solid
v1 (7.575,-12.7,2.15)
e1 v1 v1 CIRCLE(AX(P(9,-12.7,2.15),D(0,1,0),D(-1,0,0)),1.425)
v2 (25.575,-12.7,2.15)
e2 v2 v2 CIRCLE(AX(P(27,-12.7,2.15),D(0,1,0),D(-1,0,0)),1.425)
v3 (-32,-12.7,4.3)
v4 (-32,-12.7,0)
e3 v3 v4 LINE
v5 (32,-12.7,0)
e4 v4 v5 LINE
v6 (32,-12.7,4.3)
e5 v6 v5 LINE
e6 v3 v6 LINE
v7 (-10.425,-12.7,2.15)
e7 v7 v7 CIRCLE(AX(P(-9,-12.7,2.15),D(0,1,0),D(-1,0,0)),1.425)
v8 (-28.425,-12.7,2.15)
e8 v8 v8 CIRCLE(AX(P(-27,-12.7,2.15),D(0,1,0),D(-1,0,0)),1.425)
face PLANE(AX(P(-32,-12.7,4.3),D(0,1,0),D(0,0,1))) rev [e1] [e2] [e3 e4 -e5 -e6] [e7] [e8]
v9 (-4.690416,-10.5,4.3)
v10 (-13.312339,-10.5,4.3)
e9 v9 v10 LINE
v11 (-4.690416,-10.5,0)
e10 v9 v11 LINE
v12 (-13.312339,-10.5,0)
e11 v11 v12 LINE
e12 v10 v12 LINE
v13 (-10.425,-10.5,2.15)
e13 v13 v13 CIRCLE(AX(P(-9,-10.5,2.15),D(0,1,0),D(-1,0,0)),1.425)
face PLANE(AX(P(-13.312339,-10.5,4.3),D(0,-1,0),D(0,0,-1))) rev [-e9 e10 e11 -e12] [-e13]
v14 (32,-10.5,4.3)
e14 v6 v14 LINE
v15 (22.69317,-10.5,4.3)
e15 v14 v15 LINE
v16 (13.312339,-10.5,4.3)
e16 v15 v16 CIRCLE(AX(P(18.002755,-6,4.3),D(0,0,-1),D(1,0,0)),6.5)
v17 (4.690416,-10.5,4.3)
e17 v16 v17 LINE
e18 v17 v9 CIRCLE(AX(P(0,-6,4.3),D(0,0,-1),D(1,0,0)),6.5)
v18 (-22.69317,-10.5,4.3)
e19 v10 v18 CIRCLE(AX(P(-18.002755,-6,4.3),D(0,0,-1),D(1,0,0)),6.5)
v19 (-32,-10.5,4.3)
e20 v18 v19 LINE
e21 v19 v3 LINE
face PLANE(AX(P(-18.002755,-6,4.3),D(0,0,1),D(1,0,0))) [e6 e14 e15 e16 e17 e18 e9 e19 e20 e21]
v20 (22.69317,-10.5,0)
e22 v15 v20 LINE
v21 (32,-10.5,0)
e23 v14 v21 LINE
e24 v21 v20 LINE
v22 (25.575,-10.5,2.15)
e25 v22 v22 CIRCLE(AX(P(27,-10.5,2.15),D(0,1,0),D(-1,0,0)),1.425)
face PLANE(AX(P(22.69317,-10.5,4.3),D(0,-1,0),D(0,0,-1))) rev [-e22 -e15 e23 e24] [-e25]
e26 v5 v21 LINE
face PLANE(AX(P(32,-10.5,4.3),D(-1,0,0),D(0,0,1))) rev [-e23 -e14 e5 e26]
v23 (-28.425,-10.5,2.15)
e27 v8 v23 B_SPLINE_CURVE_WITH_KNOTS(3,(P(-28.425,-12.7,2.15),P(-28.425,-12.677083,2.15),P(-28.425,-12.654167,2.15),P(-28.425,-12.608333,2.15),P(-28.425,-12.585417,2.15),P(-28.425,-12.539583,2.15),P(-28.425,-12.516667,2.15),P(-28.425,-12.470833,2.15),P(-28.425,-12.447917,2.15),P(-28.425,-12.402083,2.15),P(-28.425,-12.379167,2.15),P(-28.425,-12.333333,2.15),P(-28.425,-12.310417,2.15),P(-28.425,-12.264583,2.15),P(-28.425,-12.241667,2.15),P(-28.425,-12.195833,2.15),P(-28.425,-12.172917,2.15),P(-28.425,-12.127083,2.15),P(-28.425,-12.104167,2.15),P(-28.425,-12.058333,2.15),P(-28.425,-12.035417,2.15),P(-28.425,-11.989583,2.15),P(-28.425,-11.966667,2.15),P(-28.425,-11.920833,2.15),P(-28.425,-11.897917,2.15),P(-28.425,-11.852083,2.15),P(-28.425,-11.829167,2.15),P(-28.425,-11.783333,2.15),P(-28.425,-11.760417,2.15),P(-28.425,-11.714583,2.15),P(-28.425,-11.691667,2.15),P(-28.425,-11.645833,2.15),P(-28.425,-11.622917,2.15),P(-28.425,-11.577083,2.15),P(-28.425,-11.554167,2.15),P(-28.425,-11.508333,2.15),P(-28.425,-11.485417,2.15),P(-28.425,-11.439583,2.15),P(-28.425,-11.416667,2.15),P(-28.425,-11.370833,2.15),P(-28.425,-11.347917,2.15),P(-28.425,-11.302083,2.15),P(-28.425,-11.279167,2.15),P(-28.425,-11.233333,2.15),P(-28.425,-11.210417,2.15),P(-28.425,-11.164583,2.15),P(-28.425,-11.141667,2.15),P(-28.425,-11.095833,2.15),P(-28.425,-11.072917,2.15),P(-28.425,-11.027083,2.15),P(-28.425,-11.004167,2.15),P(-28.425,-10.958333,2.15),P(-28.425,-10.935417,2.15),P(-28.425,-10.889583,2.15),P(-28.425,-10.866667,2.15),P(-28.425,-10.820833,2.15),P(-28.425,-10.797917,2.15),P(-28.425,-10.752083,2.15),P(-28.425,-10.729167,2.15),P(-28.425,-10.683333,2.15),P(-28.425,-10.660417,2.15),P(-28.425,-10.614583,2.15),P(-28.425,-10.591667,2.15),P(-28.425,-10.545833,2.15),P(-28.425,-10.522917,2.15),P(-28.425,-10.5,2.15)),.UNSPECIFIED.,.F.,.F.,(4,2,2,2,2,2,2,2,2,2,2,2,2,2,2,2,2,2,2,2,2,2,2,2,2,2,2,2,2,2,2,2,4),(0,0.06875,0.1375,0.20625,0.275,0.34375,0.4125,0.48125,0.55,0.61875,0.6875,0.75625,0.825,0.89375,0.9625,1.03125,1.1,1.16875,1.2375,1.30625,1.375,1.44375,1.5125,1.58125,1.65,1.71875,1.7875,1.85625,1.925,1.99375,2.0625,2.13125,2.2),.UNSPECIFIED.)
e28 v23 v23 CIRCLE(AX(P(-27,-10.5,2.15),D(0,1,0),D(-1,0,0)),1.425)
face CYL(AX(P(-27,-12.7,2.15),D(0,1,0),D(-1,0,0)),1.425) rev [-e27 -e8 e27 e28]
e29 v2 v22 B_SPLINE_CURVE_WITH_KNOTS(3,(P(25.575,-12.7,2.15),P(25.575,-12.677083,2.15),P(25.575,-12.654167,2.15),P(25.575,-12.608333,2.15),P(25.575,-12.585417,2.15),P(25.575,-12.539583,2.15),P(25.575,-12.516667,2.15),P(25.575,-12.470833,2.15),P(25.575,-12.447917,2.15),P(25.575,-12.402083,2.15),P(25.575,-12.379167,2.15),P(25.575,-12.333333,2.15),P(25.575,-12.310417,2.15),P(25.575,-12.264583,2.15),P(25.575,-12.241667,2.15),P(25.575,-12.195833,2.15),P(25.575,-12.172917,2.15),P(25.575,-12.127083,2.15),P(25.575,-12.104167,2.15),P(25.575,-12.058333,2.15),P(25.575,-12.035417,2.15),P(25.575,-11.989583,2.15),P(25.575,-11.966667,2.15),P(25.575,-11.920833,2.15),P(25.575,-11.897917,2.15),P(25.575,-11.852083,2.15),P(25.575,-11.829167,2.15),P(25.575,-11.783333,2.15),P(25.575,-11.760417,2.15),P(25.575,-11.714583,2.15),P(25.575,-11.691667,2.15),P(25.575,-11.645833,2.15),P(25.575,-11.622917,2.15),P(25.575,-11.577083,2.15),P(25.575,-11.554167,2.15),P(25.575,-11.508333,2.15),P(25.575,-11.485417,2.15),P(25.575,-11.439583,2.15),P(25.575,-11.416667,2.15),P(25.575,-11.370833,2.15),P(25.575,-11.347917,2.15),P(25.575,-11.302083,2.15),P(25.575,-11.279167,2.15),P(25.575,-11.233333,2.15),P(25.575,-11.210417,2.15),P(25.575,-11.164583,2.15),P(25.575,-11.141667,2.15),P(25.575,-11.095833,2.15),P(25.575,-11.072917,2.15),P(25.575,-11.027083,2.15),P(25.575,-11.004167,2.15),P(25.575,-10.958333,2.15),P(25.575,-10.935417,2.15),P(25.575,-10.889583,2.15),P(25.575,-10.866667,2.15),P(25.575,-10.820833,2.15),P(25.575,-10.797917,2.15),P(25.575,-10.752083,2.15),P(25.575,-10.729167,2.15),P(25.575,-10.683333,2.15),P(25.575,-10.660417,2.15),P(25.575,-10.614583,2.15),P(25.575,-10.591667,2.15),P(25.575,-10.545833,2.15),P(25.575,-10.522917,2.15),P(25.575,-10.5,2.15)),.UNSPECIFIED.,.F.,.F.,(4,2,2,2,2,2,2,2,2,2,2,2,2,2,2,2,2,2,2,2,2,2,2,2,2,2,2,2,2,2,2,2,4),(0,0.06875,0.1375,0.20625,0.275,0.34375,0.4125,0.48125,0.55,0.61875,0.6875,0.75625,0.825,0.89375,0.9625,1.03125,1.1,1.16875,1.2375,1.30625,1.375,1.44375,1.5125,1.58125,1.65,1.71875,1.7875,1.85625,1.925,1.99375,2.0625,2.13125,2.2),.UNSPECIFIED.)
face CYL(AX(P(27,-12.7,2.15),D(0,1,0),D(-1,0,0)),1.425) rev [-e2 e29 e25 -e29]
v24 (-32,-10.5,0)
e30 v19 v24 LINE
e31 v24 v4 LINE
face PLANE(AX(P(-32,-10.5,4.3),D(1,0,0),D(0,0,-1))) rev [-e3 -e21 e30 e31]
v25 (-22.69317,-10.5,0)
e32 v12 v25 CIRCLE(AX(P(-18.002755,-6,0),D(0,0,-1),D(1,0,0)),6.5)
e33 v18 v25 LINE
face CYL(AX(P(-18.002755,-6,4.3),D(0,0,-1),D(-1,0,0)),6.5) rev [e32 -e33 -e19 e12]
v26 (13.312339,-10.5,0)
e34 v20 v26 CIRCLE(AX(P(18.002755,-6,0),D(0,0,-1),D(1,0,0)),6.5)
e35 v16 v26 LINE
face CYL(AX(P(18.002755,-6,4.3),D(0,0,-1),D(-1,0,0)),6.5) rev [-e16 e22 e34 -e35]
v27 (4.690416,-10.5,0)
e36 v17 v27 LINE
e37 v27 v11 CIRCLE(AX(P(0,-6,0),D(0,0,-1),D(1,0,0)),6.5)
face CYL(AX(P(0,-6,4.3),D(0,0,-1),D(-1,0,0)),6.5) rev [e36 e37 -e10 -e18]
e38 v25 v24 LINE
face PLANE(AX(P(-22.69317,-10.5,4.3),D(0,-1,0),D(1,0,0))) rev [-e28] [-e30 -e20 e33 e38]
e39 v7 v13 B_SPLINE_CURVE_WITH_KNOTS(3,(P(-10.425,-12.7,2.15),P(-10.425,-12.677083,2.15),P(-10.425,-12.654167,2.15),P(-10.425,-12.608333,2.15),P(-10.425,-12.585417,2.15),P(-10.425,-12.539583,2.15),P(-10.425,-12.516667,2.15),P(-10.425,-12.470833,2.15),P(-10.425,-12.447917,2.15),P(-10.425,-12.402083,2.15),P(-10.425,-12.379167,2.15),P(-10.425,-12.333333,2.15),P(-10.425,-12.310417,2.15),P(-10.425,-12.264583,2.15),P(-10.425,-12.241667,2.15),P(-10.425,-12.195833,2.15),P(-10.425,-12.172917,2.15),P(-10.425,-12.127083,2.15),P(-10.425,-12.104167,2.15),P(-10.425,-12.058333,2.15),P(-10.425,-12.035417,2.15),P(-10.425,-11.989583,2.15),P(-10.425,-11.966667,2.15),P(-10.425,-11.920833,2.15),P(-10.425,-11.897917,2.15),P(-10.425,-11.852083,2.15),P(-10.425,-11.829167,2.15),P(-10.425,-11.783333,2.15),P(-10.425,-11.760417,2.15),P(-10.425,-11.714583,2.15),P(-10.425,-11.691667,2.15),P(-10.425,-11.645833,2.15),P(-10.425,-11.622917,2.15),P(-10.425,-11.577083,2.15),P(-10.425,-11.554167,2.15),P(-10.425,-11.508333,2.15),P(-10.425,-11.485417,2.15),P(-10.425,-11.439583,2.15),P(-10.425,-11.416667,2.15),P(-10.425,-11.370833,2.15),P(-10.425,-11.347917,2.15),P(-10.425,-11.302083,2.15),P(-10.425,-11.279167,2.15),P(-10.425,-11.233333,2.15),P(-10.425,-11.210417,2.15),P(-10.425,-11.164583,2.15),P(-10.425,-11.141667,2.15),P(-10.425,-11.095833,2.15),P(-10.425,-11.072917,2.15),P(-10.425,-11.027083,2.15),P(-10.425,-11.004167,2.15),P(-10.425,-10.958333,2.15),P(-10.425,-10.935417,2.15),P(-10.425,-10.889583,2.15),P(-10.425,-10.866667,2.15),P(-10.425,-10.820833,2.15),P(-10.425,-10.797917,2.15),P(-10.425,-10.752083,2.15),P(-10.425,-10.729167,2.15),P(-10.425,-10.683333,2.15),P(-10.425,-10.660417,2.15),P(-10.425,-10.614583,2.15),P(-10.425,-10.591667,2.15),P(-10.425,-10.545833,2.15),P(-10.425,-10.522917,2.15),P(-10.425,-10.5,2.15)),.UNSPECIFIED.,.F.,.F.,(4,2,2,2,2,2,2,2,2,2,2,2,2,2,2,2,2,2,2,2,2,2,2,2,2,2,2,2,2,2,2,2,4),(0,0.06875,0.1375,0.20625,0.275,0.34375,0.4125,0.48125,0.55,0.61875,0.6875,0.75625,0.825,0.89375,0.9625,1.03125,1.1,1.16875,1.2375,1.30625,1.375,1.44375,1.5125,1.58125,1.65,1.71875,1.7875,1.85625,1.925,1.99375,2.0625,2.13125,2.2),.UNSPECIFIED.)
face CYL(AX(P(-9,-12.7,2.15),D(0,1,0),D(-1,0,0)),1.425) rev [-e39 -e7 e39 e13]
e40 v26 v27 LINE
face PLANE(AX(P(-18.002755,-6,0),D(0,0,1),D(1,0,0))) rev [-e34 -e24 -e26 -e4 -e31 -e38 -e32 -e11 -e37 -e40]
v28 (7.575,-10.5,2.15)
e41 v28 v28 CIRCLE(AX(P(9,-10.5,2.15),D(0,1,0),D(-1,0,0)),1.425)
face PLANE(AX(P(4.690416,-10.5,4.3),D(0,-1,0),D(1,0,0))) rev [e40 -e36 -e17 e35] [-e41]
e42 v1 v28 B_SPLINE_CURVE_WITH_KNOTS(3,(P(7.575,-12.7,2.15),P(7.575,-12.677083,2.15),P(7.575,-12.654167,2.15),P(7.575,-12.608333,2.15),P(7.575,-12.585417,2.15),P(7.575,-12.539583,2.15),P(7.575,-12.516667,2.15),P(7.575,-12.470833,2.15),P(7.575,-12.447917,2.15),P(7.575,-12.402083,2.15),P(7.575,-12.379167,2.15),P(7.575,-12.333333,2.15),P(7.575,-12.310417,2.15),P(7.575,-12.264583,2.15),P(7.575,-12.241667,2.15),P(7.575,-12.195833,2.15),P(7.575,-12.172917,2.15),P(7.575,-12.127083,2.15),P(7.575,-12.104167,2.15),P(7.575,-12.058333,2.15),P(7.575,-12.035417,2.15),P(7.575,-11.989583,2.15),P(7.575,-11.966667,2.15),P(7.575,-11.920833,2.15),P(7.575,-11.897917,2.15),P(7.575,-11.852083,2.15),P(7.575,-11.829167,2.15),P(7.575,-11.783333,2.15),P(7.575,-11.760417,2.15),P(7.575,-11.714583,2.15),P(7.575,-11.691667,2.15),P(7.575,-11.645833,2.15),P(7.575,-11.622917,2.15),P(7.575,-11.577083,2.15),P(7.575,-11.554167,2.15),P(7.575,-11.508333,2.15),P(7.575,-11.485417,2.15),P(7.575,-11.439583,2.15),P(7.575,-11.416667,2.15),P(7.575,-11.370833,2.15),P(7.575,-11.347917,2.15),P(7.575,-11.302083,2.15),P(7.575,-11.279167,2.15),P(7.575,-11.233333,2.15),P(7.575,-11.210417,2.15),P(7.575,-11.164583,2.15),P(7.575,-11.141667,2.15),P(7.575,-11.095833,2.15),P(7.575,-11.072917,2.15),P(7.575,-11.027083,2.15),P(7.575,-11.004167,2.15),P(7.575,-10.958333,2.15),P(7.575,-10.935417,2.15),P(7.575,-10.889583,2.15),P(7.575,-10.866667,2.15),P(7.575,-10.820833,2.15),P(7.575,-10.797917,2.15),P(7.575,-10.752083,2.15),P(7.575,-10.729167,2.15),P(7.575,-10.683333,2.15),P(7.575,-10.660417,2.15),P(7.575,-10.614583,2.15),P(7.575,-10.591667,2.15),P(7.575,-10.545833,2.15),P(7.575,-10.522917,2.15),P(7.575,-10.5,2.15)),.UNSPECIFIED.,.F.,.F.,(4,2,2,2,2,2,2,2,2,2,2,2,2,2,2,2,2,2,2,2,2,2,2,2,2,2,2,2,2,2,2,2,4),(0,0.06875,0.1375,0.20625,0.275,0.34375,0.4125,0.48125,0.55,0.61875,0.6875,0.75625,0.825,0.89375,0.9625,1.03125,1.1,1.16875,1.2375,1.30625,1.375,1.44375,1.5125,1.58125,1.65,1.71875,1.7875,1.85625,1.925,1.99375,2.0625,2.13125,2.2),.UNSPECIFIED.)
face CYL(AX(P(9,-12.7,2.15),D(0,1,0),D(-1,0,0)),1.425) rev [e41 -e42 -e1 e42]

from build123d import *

# Parameters (mm, degrees)
BOSS_EXTRUDE1_DEPTH = 4.3
SKETCH2_R           = 1.425
CUT_EXTRUDE1_DEPTH  = 33.362478273


with BuildPart() as part:
    # Sketch1 → Boss-Extrude1 (new body)
    with BuildSketch(Plane.XY):
        with BuildLine():
            Line((-13.312338898, -10.5), (-4.69041576, -10.5))
            ThreePointArc((-4.69041576, -10.5), (0, -12.5), (4.69041576, -10.5))
            Line((4.69041576, -10.5), (13.312338898, -10.5))
            ThreePointArc((13.312338898, -10.5), (18.002754658, -12.5), (22.693170418, -10.5))
            Line((22.693170418, -10.5), (32, -10.5))
            Line((32, -10.5), (32, -12.7))
            Line((32, -12.7), (-32, -12.7))
            Line((-32, -12.7), (-32, -10.5))
            Line((-32, -10.5), (-22.693170418, -10.5))
            ThreePointArc((-22.693170418, -10.5), (-18.002754658, -12.5), (-13.312338898, -10.5))
        make_face()
    extrude(amount=BOSS_EXTRUDE1_DEPTH)

    # Sketch2 → Cut-Extrude1 (cut, through all)
    with BuildSketch(Plane(origin=(0, -10.5, 0), x_dir=(1, 0, 0), z_dir=(0, 1, 0))):
        with Locations(Location((-9, -2.15, 0), (0, 0, 180))):
            Circle(SKETCH2_R)
        with Locations(Location((9, -2.15, 0), (0, 0, 180))):
            Circle(SKETCH2_R)
        with Locations(Location((-27, -2.15, 0), (0, 0, 180))):
            Circle(SKETCH2_R)
        with Locations(Location((27, -2.15, 0), (0, 0, 180))):
            Circle(SKETCH2_R)
    extrude(amount=-CUT_EXTRUDE1_DEPTH, mode=Mode.SUBTRACT)


solid = part.part
